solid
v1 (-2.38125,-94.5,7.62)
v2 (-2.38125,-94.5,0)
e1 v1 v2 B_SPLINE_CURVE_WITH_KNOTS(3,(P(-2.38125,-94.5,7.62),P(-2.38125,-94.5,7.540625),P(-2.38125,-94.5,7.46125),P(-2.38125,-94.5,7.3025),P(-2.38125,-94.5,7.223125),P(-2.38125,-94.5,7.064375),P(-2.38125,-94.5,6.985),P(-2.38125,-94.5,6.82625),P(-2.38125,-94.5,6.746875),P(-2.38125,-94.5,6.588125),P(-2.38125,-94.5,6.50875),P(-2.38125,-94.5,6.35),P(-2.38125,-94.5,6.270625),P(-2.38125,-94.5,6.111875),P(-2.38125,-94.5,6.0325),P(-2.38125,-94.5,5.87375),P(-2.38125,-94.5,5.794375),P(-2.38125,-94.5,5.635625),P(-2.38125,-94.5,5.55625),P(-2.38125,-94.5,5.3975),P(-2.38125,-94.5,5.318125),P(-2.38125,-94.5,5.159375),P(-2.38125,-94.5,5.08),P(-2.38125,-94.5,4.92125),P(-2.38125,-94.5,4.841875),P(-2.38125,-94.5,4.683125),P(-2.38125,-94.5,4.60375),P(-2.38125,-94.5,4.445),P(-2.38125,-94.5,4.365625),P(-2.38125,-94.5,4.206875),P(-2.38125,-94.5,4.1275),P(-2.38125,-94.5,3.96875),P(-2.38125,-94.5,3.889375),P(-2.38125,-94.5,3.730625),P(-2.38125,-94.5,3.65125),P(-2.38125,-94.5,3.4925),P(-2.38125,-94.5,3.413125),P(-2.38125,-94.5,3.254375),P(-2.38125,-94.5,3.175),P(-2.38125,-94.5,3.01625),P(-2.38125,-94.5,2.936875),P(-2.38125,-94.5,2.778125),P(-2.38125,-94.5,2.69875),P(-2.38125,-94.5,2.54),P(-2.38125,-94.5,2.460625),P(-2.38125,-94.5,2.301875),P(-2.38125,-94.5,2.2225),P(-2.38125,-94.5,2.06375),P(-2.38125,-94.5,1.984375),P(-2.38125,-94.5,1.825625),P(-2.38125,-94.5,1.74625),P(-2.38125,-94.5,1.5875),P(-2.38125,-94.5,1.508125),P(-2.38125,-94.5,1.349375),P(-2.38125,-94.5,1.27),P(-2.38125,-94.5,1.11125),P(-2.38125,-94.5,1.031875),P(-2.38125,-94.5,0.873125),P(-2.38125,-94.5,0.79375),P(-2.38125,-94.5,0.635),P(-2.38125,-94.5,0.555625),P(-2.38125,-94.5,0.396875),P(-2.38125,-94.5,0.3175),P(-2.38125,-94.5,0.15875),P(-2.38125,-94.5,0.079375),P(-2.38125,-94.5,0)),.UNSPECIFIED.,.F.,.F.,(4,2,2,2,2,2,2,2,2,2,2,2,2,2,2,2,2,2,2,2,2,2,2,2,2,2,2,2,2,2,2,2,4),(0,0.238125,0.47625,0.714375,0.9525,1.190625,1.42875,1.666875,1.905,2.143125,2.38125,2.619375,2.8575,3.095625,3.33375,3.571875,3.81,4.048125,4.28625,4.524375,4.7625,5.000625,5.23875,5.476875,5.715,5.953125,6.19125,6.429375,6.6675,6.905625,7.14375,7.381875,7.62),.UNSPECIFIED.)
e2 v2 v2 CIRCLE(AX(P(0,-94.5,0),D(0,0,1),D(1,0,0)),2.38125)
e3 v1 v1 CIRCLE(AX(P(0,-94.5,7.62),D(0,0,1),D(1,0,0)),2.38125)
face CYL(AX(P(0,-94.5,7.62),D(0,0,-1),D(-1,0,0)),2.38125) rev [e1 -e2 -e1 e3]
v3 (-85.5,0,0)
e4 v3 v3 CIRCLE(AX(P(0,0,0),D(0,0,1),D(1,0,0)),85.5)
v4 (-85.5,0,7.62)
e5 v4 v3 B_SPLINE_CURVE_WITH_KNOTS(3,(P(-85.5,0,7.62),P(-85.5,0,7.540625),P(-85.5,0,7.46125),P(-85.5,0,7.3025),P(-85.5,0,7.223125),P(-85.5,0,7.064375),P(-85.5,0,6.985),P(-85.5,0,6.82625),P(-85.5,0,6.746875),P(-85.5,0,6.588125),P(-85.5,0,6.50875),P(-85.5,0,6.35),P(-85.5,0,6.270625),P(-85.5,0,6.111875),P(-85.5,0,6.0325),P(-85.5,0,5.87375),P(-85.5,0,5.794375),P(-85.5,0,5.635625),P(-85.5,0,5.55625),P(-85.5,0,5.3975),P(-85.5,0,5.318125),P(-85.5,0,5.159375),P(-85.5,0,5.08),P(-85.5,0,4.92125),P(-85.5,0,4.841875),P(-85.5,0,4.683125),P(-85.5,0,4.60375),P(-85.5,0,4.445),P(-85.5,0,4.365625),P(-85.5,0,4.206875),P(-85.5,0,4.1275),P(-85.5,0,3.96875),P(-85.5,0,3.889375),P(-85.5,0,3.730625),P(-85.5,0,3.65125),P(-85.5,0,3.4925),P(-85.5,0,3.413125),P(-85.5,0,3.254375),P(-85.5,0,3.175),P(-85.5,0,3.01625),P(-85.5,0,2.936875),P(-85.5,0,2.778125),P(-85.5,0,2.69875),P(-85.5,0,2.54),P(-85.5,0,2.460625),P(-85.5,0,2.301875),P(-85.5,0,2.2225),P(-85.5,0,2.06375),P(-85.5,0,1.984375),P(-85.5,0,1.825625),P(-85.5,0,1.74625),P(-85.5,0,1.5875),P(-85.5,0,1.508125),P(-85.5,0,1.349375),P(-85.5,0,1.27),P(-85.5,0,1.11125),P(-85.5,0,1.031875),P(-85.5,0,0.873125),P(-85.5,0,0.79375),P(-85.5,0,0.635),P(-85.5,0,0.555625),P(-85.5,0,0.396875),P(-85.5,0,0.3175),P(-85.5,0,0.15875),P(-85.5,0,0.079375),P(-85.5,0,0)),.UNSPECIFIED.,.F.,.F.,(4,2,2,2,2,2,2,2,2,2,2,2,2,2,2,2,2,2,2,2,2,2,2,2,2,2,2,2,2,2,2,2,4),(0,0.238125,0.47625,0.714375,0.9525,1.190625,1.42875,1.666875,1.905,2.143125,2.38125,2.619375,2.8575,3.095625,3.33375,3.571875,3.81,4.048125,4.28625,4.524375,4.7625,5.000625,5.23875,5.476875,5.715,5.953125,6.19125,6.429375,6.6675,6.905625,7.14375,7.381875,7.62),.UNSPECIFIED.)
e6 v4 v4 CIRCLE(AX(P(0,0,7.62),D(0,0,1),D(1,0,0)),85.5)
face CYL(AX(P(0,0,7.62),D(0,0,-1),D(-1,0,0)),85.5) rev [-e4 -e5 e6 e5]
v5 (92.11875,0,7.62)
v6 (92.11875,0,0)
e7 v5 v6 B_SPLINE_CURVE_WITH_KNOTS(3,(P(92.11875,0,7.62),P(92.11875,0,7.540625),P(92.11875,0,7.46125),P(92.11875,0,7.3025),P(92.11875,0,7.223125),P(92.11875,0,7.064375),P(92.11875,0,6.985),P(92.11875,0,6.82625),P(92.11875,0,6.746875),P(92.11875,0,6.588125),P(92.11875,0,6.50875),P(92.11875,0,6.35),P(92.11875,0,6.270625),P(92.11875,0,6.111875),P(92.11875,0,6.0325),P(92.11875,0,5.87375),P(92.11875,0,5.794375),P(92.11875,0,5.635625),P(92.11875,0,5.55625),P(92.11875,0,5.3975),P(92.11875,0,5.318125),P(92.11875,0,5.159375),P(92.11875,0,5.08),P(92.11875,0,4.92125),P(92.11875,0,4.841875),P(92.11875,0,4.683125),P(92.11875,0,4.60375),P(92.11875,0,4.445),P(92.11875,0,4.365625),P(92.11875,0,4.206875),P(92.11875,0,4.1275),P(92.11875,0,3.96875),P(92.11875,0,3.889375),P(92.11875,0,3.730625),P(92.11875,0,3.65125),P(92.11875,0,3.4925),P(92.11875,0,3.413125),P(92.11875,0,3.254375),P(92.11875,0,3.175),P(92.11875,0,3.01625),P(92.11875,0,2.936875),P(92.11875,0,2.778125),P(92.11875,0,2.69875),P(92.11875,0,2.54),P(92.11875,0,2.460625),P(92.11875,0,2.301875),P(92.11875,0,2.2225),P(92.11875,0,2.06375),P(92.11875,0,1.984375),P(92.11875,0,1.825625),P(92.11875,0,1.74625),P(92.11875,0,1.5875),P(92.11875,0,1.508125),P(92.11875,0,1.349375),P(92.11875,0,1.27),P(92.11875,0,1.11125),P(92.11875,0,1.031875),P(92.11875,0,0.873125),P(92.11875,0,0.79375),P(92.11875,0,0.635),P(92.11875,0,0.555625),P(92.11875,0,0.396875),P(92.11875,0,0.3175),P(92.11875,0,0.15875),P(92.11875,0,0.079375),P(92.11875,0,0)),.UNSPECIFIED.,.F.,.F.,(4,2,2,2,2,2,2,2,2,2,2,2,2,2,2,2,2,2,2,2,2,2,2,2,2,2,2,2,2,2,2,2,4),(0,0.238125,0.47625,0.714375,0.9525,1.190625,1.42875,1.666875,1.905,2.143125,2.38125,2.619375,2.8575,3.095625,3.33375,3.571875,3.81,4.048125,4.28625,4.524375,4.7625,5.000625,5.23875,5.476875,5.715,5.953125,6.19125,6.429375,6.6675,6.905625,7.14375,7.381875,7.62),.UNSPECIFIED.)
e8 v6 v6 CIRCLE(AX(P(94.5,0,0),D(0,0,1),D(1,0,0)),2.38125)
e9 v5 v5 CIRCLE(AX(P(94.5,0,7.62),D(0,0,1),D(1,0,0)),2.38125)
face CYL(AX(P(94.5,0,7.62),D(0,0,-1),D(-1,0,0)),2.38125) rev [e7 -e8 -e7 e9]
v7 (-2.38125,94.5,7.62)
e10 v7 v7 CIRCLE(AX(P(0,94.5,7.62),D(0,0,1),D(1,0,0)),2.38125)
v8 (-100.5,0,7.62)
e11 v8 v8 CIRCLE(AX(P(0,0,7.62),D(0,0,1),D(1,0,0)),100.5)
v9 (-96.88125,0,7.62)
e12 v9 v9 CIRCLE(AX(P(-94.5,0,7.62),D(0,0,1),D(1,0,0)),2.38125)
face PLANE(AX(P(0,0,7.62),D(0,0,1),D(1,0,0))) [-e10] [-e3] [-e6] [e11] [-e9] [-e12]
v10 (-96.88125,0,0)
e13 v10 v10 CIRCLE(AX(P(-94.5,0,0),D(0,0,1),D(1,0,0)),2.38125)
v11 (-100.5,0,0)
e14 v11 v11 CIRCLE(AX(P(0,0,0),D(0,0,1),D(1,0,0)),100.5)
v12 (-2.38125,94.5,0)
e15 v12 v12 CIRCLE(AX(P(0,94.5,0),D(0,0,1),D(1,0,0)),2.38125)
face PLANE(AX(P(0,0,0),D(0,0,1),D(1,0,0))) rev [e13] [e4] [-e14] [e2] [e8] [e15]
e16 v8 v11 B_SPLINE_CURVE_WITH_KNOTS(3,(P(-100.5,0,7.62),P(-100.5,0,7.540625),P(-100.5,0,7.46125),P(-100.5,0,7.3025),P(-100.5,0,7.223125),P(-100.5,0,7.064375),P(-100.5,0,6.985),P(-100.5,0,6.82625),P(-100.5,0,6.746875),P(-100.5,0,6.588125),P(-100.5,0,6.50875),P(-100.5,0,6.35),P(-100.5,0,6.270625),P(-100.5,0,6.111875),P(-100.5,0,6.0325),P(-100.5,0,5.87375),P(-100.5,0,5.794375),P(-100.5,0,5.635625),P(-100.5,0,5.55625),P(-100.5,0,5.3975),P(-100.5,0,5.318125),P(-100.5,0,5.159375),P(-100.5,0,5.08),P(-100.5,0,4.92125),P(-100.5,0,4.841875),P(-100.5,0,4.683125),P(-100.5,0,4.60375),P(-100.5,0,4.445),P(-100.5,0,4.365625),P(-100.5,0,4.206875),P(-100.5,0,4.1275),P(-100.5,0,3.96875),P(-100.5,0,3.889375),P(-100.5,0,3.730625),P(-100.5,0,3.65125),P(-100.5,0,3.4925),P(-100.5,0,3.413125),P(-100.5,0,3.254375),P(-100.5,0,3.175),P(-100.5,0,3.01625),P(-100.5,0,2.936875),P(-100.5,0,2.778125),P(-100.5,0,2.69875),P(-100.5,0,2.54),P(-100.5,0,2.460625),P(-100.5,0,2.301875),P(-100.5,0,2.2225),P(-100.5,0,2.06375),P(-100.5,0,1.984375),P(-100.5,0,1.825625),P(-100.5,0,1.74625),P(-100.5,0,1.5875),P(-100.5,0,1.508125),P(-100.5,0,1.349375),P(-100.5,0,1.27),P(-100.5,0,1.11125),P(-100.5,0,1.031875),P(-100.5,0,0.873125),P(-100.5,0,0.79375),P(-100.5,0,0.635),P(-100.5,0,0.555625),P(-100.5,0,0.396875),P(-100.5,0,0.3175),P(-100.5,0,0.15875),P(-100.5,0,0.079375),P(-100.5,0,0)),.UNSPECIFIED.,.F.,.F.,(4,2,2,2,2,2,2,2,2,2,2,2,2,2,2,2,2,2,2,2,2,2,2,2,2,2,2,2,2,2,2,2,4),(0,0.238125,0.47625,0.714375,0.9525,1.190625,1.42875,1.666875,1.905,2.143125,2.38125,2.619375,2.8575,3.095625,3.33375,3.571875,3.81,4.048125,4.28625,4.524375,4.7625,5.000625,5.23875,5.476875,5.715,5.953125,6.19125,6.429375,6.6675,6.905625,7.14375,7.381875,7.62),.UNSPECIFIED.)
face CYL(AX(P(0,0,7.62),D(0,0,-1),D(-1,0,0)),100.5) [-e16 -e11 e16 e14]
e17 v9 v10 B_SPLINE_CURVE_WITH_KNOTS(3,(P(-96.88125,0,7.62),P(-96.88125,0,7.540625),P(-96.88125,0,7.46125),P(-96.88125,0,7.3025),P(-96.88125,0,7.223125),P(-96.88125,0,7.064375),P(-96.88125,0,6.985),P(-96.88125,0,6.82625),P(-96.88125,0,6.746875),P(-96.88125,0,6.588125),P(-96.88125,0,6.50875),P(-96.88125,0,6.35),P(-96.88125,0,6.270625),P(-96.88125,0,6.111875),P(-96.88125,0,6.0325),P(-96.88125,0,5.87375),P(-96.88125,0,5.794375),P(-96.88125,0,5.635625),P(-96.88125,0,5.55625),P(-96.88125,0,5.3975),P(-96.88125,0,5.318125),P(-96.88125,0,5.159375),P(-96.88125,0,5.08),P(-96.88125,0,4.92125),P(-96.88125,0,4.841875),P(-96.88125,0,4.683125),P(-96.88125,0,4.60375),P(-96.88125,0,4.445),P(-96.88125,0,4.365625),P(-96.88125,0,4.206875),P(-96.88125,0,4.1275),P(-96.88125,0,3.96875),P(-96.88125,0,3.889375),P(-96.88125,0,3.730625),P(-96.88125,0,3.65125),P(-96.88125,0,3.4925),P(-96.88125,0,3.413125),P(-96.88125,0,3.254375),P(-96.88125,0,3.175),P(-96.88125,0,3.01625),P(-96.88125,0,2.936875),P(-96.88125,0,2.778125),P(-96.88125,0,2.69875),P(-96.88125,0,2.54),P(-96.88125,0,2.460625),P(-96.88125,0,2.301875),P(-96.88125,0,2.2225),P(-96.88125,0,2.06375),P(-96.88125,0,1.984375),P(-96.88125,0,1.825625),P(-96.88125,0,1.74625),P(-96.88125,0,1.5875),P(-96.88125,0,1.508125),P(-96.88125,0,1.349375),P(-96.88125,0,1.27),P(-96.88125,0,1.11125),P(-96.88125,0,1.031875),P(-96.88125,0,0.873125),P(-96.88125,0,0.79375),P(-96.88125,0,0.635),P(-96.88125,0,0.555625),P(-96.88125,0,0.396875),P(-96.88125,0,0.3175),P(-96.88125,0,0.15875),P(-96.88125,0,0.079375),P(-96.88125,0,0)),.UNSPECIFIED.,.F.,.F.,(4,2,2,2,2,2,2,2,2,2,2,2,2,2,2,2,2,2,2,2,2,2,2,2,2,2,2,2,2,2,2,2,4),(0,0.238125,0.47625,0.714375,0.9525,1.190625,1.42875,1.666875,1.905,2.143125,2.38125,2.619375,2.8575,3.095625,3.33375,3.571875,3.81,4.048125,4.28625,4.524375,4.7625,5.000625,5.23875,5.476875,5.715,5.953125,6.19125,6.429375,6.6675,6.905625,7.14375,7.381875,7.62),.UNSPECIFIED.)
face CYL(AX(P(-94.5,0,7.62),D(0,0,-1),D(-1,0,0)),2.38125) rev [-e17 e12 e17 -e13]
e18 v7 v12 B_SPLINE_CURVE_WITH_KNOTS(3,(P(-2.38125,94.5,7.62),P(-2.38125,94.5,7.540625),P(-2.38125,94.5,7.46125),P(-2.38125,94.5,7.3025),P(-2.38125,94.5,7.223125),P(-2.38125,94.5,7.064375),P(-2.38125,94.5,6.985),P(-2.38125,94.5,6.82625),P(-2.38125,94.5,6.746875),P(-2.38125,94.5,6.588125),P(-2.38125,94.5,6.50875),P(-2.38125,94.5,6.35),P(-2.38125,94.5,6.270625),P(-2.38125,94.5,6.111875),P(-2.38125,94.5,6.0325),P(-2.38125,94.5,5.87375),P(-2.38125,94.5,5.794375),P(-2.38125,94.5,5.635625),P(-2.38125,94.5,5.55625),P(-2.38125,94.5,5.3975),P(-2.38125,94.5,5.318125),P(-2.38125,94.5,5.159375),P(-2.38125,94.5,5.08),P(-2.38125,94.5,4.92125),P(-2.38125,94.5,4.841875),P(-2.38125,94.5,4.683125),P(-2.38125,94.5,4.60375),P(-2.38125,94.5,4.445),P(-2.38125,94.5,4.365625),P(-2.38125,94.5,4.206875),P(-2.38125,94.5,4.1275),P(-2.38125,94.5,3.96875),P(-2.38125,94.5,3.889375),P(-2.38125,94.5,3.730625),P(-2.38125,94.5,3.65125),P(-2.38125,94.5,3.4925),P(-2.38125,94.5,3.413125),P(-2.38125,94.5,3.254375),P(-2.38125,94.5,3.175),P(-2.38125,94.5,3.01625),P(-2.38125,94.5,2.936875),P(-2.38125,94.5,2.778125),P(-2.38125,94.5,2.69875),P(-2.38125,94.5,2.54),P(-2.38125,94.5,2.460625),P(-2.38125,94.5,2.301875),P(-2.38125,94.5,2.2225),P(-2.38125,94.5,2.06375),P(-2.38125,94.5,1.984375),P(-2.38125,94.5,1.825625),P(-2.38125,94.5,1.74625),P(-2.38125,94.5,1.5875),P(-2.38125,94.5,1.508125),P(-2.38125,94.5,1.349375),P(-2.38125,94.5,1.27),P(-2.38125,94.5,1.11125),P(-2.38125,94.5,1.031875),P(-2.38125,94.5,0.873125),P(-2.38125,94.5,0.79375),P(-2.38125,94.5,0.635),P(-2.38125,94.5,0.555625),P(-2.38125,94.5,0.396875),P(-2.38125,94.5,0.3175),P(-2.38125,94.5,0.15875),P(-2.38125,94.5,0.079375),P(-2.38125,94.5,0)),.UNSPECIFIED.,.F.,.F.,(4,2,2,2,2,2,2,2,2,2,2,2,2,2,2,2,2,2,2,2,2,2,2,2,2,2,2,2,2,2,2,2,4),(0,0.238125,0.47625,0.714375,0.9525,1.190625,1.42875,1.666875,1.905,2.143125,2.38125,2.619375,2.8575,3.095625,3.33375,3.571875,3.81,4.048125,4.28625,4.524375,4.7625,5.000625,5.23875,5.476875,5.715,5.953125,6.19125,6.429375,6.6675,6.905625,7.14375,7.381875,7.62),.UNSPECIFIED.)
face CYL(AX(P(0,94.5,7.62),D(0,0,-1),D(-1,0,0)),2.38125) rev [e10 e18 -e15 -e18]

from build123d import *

# Parameters (mm, degrees)
SKETCH1_R           = 100.5
SKETCH1_R_2         = 85.5
SKETCH1_R_3         = 2.38125
BOSS_EXTRUDE1_DEPTH = 7.62


with BuildPart() as part:
    # Sketch1 → Boss-Extrude1 (new body)
    with BuildSketch(Plane.XY):
        with Locations(Location((0, 0, 0), (0, 0, 180))):
            Circle(SKETCH1_R)
        with Locations(Location((0, 0, 0), (0, 0, 180))):
            Circle(SKETCH1_R_2, mode=Mode.SUBTRACT)
        with Locations(Location((0, 94.5, 0), (0, 0, 180))):
            Circle(SKETCH1_R_3, mode=Mode.SUBTRACT)
        with Locations(Location((94.5, 0, 0), (0, 0, 180))):
            Circle(SKETCH1_R_3, mode=Mode.SUBTRACT)
        with Locations(Location((0, -94.5, 0), (0, 0, 180))):
            Circle(SKETCH1_R_3, mode=Mode.SUBTRACT)
        with Locations(Location((-94.5, 0, 0), (0, 0, 180))):
            Circle(SKETCH1_R_3, mode=Mode.SUBTRACT)
    extrude(amount=BOSS_EXTRUDE1_DEPTH)


solid = part.part
